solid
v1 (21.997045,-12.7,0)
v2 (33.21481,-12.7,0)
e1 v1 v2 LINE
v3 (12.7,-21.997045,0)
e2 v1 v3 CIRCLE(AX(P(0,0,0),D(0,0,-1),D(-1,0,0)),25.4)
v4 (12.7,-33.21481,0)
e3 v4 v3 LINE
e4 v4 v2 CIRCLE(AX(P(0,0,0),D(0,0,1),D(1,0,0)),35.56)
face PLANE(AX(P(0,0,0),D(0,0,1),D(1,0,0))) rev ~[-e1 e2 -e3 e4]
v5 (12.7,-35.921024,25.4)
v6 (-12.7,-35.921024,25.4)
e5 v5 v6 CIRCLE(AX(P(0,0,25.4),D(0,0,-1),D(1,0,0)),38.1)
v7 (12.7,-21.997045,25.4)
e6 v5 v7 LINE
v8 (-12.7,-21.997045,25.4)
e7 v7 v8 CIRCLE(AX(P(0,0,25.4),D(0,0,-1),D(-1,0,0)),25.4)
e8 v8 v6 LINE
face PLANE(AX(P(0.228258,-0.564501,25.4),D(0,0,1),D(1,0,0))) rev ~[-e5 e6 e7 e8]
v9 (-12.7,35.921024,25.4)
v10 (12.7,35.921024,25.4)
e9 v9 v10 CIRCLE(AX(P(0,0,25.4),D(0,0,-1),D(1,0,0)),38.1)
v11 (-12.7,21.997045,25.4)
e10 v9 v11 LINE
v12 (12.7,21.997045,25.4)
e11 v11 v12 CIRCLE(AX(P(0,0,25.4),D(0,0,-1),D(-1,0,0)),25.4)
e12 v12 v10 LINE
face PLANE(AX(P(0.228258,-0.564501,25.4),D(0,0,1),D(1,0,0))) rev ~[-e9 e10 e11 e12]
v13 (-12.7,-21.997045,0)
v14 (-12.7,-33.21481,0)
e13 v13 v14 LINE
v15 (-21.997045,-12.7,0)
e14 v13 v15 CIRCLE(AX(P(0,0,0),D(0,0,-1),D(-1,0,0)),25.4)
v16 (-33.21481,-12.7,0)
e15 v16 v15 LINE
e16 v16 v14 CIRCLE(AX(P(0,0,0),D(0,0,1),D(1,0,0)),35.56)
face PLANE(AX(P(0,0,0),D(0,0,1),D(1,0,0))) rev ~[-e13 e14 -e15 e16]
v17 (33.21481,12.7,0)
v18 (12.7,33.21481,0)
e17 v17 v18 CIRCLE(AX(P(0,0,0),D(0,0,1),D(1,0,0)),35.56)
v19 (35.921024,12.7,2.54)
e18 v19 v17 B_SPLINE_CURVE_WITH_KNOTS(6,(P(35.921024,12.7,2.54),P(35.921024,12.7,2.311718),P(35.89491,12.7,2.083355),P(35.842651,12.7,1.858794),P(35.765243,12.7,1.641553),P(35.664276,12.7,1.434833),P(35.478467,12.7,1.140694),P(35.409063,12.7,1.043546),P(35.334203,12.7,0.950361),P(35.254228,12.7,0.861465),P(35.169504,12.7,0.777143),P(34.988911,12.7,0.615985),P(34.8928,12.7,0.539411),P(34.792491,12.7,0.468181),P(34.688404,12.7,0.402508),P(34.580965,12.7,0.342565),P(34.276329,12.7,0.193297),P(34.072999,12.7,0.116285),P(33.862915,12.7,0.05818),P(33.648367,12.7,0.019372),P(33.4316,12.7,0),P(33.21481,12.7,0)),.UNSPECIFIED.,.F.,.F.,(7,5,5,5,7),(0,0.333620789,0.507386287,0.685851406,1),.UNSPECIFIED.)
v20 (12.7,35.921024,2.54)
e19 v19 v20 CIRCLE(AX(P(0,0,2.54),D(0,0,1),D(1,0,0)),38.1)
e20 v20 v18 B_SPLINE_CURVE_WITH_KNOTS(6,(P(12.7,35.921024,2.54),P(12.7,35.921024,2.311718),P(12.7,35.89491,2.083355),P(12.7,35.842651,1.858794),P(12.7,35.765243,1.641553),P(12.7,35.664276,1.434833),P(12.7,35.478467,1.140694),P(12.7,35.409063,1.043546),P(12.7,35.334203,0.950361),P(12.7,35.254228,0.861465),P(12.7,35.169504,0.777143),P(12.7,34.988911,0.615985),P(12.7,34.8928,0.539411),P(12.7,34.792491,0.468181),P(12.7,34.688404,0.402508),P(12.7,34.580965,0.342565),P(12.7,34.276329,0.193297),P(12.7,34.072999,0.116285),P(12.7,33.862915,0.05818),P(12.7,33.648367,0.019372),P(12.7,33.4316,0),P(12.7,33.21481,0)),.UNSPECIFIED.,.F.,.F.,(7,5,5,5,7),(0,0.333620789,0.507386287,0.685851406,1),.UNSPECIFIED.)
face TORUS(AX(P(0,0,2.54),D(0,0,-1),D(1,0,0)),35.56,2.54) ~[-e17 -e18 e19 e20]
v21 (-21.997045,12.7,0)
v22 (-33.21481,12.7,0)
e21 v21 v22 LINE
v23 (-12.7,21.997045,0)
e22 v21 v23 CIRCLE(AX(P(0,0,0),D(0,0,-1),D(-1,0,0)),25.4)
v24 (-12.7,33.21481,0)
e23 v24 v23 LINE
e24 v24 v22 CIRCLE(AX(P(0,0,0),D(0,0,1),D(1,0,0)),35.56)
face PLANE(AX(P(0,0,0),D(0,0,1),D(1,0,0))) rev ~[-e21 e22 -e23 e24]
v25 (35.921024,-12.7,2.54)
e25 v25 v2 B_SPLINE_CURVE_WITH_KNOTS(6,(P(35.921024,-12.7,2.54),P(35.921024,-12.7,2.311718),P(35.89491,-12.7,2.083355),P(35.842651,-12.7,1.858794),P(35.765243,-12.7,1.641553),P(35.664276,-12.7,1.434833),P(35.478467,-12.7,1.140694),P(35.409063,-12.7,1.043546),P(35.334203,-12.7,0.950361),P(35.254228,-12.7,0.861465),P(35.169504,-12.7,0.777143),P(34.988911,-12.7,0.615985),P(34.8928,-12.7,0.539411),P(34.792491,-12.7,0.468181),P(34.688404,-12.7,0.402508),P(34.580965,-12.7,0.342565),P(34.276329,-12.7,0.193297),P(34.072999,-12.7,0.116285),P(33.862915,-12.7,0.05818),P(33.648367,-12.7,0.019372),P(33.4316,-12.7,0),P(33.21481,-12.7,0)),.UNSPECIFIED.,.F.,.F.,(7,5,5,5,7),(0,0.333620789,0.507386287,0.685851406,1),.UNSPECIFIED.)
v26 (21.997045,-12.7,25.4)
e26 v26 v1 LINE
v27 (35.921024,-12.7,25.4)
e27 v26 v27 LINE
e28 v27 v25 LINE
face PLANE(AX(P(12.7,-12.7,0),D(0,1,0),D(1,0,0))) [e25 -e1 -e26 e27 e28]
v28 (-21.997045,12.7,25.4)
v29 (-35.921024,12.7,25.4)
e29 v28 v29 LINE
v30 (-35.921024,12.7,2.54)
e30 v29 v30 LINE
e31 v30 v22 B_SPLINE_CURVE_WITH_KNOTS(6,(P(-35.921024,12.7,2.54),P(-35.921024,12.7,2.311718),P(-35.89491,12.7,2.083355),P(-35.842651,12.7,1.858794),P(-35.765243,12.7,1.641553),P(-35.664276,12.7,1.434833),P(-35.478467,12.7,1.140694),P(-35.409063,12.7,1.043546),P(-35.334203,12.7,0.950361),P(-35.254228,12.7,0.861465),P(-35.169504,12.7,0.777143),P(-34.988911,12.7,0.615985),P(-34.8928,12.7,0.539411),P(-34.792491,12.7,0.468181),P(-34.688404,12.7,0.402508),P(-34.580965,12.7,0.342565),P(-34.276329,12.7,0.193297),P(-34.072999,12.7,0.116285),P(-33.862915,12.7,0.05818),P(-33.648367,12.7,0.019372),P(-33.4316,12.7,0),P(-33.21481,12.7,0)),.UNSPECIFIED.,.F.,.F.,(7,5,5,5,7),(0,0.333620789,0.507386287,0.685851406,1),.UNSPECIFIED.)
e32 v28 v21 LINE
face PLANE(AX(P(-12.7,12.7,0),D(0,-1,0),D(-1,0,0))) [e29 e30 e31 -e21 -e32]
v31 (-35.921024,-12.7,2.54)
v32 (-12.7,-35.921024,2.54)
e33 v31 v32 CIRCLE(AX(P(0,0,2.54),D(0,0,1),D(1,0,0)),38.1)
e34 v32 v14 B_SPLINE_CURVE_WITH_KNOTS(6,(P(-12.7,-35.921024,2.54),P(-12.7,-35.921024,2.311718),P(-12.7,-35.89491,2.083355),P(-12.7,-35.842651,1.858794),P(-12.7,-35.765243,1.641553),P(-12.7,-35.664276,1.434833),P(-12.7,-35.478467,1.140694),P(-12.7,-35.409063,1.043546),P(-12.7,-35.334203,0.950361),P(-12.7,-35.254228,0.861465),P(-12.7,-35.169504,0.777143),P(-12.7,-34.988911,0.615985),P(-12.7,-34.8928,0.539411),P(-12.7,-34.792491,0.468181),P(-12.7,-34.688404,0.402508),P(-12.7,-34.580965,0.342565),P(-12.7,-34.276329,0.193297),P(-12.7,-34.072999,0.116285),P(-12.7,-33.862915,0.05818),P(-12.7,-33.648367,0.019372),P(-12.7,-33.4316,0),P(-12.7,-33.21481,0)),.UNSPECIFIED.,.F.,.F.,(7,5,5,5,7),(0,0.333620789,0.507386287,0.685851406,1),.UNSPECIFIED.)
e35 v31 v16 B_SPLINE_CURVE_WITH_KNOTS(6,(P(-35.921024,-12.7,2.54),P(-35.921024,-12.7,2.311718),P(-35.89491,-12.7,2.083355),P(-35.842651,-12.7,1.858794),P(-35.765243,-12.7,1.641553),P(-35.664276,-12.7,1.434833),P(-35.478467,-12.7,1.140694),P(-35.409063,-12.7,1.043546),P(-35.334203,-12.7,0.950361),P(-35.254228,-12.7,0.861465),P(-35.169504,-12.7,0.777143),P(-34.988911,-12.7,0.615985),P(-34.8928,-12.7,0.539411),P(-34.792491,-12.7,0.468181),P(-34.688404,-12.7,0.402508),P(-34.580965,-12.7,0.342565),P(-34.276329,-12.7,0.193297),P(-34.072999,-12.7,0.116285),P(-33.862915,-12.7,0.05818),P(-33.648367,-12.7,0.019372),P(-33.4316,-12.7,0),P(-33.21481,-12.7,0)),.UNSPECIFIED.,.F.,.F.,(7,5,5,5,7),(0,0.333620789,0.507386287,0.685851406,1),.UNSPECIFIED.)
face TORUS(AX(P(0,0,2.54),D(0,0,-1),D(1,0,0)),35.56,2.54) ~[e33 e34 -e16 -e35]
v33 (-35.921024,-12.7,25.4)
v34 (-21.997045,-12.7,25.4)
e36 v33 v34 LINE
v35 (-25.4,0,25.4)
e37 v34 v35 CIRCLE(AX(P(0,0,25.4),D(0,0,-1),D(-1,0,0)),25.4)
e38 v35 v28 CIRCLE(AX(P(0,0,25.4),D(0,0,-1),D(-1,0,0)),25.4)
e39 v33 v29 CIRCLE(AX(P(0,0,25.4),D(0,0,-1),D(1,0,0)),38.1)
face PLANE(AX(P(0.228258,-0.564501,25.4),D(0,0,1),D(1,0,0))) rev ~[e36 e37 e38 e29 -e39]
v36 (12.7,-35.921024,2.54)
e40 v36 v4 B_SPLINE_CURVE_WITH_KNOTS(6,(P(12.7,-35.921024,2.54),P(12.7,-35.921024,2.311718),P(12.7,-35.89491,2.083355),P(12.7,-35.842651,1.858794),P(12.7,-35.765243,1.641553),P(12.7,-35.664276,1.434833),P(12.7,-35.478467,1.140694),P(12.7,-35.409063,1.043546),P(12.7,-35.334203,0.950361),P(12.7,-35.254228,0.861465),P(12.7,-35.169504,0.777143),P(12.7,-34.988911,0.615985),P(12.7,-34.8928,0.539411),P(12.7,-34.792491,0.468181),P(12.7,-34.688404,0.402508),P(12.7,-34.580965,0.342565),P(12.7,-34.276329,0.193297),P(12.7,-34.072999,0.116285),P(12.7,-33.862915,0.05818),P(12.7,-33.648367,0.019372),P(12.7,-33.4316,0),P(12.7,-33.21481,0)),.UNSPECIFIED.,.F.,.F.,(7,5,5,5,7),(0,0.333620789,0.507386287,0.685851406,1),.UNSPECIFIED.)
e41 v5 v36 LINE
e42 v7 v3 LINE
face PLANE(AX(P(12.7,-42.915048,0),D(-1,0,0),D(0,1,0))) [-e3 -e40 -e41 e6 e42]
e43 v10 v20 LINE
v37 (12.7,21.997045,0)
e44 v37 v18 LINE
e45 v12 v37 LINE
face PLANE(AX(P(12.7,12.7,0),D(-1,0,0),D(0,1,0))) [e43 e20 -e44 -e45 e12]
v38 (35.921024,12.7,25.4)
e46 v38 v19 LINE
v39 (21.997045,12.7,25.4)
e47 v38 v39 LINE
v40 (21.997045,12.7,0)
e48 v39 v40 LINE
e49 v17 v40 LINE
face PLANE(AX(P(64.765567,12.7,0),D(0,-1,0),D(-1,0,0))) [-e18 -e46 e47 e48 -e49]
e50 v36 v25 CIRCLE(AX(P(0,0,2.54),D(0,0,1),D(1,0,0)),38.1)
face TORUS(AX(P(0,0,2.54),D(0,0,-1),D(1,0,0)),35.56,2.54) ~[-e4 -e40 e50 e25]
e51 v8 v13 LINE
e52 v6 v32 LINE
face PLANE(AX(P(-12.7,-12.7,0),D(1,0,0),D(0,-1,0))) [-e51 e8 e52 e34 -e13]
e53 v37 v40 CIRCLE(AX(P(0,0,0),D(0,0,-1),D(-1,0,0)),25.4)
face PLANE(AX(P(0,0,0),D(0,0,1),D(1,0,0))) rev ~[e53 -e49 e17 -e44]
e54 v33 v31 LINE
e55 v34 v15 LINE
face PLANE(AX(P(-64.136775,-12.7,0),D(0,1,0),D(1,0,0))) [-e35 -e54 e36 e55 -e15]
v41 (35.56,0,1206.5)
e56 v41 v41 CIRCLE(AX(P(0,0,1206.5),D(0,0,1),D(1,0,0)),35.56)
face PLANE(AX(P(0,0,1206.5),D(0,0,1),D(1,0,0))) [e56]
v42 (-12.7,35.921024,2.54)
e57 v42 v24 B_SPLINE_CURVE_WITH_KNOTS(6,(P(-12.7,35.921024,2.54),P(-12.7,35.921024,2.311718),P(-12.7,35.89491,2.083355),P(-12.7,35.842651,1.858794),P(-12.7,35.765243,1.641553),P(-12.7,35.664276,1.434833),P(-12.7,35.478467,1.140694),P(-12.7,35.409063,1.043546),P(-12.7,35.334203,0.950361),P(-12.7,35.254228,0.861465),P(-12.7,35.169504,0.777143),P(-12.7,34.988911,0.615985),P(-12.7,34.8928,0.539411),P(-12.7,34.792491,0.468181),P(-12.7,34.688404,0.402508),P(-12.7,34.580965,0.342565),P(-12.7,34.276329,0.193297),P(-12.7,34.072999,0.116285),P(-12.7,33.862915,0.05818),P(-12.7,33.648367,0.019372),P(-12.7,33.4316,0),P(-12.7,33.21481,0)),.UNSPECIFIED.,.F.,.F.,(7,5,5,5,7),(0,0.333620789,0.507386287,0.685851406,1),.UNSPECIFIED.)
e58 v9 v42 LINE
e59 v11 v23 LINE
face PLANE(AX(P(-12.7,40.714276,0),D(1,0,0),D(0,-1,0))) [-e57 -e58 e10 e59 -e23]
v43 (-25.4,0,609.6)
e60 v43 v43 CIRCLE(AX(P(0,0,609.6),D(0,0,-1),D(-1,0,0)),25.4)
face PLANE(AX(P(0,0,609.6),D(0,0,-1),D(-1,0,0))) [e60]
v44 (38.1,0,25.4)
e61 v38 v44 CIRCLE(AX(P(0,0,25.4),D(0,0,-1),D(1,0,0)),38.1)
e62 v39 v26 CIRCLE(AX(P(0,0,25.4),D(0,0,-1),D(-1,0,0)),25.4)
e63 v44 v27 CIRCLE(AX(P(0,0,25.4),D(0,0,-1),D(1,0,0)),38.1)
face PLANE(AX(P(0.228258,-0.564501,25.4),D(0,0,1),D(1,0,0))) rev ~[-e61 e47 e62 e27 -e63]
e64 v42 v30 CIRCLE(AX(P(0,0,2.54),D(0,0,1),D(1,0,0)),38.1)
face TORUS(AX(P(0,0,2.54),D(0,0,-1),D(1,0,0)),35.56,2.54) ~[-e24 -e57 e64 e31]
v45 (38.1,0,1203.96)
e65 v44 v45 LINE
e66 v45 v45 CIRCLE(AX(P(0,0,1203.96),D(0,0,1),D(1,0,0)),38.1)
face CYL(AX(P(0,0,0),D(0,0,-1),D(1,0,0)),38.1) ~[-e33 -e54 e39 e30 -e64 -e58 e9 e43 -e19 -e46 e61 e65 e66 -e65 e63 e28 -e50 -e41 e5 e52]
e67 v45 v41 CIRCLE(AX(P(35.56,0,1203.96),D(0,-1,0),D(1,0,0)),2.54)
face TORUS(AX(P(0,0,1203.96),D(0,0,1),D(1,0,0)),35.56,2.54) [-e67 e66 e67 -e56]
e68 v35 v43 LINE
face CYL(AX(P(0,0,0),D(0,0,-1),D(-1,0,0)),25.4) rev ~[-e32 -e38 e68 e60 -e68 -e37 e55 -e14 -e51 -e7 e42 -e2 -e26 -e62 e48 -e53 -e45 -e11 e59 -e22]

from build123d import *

# Parameters (mm, degrees)
SKETCH1_R           = 38.1
BOSS_EXTRUDE1_DEPTH = 1206.5
FILLET1_R           = 2.54
FILLET2_R           = 2.54
CUT_EXTRUDE2_DEPTH  = 25.4
SKETCH2_R           = 25.4
CUT_EXTRUDE1_DEPTH  = 609.6


with BuildPart() as part:
    # Sketch1 → Boss-Extrude1 (new body)
    with BuildSketch(Plane.XY):
        Circle(SKETCH1_R)
    extrude(amount=BOSS_EXTRUDE1_DEPTH)

    # Fillet1
    fillet1_edges = [part.edges().sort_by_distance(p)[0] for p in [
        (-38.1, 0, 1206.5),
    ]]
    fillet(fillet1_edges, radius=FILLET1_R)

    # Fillet2
    fillet2_edges = [part.edges().sort_by_distance(p)[0] for p in [
        (-38.1, 0, 0),
    ]]
    fillet(fillet2_edges, radius=FILLET2_R)

    # Sketch3 → Cut-Extrude2 (cut)
    with BuildSketch(Plane(origin=(0, 0, 0), x_dir=(-1, 0, 0), z_dir=(0, 0, -1))):
        Polygon((12.7, 12.7), (64.136774618, 12.7), (64.136774618, -12.7), (12.7, -12.7), (12.7, -42.915047722), (-12.7, -42.915047722), (-12.7, -12.7), (-64.765566526, -12.7), (-64.765566526, 12.7), (-12.7, 12.7), (-12.7, 40.714276044), (12.7, 40.714276044), align=None)
    extrude(amount=-CUT_EXTRUDE2_DEPTH, mode=Mode.SUBTRACT)

    # Sketch2 → Cut-Extrude1 (cut)
    with BuildSketch(Plane(origin=(0, 0, 0), x_dir=(-1, 0, 0), z_dir=(0, 0, -1))):
        Circle(SKETCH2_R)
    extrude(amount=-CUT_EXTRUDE1_DEPTH, mode=Mode.SUBTRACT)


solid = part.part
